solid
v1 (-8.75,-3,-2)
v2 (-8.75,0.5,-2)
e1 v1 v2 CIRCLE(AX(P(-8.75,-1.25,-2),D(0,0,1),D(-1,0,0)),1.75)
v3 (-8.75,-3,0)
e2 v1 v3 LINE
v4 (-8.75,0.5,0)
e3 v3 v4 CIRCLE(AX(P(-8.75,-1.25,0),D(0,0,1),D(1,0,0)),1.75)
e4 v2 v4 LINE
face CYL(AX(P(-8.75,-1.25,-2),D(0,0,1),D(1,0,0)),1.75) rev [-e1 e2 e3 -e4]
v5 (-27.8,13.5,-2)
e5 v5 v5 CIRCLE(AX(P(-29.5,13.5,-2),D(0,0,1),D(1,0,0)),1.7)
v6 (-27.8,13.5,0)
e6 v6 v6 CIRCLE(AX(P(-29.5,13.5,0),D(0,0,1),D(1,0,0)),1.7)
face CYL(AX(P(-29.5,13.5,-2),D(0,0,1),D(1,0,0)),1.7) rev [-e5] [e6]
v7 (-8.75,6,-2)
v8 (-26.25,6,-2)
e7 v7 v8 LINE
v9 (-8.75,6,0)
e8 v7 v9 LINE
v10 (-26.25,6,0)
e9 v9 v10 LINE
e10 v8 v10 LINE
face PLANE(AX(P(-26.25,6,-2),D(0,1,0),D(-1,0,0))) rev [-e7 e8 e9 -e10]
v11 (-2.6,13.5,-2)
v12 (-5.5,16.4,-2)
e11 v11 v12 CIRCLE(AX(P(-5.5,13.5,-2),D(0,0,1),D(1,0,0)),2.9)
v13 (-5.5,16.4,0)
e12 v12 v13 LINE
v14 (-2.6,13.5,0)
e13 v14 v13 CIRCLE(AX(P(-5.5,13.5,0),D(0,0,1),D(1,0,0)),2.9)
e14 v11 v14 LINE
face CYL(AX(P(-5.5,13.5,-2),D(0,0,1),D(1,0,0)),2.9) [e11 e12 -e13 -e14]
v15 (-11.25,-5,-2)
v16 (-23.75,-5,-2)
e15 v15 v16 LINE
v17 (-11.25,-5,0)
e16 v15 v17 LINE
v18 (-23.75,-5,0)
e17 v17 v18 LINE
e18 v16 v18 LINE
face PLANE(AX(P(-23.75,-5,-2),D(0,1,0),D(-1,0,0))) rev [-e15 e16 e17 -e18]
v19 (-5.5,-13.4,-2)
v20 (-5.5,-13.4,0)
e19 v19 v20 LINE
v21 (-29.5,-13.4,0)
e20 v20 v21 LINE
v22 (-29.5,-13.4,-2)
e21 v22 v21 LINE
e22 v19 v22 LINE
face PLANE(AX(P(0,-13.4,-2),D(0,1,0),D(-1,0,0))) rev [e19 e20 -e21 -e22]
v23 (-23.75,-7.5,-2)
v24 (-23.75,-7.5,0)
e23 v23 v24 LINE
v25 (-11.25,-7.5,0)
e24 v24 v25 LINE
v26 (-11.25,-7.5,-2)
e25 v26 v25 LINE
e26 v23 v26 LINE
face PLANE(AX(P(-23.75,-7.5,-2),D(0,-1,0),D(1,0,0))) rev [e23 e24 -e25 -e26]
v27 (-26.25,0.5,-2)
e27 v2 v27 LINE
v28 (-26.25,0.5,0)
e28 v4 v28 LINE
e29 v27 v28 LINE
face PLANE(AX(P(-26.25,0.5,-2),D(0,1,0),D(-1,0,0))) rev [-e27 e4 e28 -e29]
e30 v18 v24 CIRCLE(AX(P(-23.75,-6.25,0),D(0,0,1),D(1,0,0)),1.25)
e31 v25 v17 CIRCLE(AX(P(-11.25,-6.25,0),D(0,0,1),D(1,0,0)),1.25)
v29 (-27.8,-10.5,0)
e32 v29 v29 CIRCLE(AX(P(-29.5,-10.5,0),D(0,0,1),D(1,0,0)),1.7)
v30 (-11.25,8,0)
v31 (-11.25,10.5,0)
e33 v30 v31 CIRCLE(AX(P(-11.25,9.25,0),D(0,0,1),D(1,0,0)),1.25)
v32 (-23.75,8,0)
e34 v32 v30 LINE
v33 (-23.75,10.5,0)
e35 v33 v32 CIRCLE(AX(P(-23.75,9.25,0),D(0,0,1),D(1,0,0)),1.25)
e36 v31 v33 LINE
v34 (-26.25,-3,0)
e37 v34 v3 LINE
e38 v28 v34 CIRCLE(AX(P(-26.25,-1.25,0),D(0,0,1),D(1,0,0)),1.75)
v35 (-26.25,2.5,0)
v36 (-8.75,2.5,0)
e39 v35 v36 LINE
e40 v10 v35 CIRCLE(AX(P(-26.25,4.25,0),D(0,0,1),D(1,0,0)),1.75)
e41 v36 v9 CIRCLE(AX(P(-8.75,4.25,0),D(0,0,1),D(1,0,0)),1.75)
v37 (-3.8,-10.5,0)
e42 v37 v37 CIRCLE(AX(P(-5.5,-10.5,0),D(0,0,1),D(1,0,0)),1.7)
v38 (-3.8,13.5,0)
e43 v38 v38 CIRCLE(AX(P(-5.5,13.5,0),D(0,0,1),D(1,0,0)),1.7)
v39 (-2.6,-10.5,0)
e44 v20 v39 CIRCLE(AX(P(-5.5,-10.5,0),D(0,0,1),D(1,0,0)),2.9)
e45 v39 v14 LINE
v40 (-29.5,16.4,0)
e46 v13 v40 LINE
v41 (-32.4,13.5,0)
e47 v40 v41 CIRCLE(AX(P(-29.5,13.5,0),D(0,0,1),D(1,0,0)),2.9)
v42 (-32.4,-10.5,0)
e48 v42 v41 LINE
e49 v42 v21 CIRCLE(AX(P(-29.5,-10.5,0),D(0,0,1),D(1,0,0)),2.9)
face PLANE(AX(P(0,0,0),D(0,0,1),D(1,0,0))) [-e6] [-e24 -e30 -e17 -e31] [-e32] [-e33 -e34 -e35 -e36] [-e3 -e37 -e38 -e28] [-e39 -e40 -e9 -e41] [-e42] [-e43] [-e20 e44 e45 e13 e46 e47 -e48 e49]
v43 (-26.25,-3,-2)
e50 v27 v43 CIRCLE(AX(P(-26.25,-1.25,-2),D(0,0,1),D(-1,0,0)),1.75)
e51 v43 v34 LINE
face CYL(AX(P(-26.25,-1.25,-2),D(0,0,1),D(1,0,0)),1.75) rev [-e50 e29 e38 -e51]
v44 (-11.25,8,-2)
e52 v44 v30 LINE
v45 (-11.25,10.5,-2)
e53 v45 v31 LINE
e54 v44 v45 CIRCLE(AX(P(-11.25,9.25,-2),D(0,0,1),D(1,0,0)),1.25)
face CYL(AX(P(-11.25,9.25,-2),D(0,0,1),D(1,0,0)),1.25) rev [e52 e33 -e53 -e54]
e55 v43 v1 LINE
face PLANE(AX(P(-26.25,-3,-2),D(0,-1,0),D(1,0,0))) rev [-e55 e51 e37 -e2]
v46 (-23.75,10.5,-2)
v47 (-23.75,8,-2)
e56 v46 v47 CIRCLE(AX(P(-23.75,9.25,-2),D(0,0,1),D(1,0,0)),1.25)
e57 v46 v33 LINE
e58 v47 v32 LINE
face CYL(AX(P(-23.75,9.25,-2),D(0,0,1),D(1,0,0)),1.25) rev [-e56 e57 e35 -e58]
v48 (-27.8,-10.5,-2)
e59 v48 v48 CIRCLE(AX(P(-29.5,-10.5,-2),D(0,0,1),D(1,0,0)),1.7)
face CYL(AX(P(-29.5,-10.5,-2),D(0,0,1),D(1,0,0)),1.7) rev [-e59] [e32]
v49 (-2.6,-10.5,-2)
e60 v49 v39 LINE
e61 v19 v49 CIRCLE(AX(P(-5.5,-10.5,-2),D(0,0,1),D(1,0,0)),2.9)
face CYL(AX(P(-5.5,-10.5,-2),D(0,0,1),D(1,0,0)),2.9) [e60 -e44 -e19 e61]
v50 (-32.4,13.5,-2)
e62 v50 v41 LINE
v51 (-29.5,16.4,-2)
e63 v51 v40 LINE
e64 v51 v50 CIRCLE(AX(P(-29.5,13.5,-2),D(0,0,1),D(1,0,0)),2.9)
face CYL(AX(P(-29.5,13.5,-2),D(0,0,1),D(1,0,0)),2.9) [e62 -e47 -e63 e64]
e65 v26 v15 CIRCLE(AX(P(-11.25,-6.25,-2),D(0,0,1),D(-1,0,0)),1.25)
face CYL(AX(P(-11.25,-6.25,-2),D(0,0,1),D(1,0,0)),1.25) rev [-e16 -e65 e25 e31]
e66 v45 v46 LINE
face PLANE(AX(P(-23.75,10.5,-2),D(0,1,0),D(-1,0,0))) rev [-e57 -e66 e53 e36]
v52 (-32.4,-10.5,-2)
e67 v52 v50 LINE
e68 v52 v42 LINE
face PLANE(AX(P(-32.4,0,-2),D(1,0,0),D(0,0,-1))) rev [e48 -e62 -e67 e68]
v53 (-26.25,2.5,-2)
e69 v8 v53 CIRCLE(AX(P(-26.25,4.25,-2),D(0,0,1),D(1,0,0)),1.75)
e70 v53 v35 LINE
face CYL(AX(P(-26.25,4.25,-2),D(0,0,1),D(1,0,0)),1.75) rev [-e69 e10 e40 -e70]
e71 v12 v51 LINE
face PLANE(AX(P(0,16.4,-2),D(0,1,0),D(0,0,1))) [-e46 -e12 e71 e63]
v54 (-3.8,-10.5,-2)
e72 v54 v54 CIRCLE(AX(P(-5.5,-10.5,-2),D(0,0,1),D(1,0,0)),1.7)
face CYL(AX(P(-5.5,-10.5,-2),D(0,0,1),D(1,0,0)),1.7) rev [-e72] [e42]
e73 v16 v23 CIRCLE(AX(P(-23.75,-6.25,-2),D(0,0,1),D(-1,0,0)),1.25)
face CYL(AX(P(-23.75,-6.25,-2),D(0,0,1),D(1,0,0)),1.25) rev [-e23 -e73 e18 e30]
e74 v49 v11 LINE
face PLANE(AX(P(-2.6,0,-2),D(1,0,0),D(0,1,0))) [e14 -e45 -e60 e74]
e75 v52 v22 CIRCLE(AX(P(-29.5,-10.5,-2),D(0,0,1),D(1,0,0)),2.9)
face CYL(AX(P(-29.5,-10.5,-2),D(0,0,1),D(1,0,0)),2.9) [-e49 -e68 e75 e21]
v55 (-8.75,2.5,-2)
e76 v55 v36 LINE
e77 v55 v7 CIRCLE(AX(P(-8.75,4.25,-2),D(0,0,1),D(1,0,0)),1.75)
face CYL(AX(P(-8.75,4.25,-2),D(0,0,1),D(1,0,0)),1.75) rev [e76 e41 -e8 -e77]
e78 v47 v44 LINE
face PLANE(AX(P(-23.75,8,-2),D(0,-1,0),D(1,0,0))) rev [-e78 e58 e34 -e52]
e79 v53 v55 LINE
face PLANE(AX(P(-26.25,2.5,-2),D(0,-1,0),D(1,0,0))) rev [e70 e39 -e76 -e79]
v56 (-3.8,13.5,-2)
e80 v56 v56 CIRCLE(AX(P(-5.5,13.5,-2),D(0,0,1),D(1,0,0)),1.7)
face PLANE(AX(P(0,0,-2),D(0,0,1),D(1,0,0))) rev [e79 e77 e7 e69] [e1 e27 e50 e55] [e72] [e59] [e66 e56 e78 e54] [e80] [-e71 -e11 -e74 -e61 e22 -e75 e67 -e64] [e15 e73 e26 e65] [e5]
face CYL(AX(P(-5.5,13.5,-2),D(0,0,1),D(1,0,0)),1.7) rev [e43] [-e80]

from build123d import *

# Parameters (mm, degrees)
SKETCH1_R               = 1.7
BOSS_EXTRUDE1_DEPTH     = 2
CUT_EXTRUDE1_DEPTH      = 1
CUT_EXTRUDE1_DEPTH_BACK = 3


with BuildPart() as part:
    # Sketch1 → Boss-Extrude1 (new body)
    with BuildSketch(Plane.XY):
        with BuildLine():
            ThreePointArc((-29.5, 16.4), (-31.550609665, 15.550609665), (-32.4, 13.5))
            Line((-32.4, 13.5), (-32.4, -10.5))
            ThreePointArc((-32.4, -10.5), (-31.550609665, -12.550609665), (-29.5, -13.4))
            Line((-29.5, -13.4), (-5.5, -13.4))
            ThreePointArc((-5.5, -13.4), (-3.449390335, -12.550609665), (-2.6, -10.5))
            Line((-2.6, -10.5), (-2.6, 13.5))
            ThreePointArc((-2.6, 13.5), (-3.449390335, 15.550609665), (-5.5, 16.4))
            Line((-5.5, 16.4), (-29.5, 16.4))
        make_face()
        with Locations((-29.5, -10.5)):
            Circle(SKETCH1_R, mode=Mode.SUBTRACT)
        with Locations((-5.5, -10.5)):
            Circle(SKETCH1_R, mode=Mode.SUBTRACT)
        with Locations((-29.5, 13.5)):
            Circle(SKETCH1_R, mode=Mode.SUBTRACT)
        with Locations((-5.5, 13.5)):
            Circle(SKETCH1_R, mode=Mode.SUBTRACT)
    extrude(amount=-BOSS_EXTRUDE1_DEPTH)

    # Sketch3 → Cut-Extrude1 (cut, two sides)
    with BuildSketch(Plane.XY) as cut_extrude1_sk:
        with BuildLine():
            Line((-23.75, 10.5), (-11.25, 10.5))
            ThreePointArc((-11.25, 10.5), (-10, 9.25), (-11.25, 8))
            Line((-11.25, 8), (-23.75, 8))
            ThreePointArc((-23.75, 8), (-25, 9.25), (-23.75, 10.5))
        make_face()
        with BuildLine():
            Line((-26.25, 6), (-8.75, 6))
            ThreePointArc((-8.75, 6), (-7, 4.25), (-8.75, 2.5))
            Line((-8.75, 2.5), (-26.25, 2.5))
            ThreePointArc((-26.25, 2.5), (-28, 4.25), (-26.25, 6))
        make_face()
        with BuildLine():
            Line((-26.25, -3), (-8.75, -3))
            ThreePointArc((-8.75, -3), (-7, -1.25), (-8.75, 0.5))
            Line((-8.75, 0.5), (-26.25, 0.5))
            ThreePointArc((-26.25, 0.5), (-28, -1.25), (-26.25, -3))
        make_face()
        with BuildLine():
            Line((-23.75, -7.5), (-11.25, -7.5))
            ThreePointArc((-11.25, -7.5), (-10, -6.25), (-11.25, -5))
            Line((-11.25, -5), (-23.75, -5))
            ThreePointArc((-23.75, -5), (-25, -6.25), (-23.75, -7.5))
        make_face()
    extrude(amount=CUT_EXTRUDE1_DEPTH, mode=Mode.SUBTRACT)
    extrude(cut_extrude1_sk.sketch, amount=-CUT_EXTRUDE1_DEPTH_BACK, mode=Mode.SUBTRACT)


solid = part.part
